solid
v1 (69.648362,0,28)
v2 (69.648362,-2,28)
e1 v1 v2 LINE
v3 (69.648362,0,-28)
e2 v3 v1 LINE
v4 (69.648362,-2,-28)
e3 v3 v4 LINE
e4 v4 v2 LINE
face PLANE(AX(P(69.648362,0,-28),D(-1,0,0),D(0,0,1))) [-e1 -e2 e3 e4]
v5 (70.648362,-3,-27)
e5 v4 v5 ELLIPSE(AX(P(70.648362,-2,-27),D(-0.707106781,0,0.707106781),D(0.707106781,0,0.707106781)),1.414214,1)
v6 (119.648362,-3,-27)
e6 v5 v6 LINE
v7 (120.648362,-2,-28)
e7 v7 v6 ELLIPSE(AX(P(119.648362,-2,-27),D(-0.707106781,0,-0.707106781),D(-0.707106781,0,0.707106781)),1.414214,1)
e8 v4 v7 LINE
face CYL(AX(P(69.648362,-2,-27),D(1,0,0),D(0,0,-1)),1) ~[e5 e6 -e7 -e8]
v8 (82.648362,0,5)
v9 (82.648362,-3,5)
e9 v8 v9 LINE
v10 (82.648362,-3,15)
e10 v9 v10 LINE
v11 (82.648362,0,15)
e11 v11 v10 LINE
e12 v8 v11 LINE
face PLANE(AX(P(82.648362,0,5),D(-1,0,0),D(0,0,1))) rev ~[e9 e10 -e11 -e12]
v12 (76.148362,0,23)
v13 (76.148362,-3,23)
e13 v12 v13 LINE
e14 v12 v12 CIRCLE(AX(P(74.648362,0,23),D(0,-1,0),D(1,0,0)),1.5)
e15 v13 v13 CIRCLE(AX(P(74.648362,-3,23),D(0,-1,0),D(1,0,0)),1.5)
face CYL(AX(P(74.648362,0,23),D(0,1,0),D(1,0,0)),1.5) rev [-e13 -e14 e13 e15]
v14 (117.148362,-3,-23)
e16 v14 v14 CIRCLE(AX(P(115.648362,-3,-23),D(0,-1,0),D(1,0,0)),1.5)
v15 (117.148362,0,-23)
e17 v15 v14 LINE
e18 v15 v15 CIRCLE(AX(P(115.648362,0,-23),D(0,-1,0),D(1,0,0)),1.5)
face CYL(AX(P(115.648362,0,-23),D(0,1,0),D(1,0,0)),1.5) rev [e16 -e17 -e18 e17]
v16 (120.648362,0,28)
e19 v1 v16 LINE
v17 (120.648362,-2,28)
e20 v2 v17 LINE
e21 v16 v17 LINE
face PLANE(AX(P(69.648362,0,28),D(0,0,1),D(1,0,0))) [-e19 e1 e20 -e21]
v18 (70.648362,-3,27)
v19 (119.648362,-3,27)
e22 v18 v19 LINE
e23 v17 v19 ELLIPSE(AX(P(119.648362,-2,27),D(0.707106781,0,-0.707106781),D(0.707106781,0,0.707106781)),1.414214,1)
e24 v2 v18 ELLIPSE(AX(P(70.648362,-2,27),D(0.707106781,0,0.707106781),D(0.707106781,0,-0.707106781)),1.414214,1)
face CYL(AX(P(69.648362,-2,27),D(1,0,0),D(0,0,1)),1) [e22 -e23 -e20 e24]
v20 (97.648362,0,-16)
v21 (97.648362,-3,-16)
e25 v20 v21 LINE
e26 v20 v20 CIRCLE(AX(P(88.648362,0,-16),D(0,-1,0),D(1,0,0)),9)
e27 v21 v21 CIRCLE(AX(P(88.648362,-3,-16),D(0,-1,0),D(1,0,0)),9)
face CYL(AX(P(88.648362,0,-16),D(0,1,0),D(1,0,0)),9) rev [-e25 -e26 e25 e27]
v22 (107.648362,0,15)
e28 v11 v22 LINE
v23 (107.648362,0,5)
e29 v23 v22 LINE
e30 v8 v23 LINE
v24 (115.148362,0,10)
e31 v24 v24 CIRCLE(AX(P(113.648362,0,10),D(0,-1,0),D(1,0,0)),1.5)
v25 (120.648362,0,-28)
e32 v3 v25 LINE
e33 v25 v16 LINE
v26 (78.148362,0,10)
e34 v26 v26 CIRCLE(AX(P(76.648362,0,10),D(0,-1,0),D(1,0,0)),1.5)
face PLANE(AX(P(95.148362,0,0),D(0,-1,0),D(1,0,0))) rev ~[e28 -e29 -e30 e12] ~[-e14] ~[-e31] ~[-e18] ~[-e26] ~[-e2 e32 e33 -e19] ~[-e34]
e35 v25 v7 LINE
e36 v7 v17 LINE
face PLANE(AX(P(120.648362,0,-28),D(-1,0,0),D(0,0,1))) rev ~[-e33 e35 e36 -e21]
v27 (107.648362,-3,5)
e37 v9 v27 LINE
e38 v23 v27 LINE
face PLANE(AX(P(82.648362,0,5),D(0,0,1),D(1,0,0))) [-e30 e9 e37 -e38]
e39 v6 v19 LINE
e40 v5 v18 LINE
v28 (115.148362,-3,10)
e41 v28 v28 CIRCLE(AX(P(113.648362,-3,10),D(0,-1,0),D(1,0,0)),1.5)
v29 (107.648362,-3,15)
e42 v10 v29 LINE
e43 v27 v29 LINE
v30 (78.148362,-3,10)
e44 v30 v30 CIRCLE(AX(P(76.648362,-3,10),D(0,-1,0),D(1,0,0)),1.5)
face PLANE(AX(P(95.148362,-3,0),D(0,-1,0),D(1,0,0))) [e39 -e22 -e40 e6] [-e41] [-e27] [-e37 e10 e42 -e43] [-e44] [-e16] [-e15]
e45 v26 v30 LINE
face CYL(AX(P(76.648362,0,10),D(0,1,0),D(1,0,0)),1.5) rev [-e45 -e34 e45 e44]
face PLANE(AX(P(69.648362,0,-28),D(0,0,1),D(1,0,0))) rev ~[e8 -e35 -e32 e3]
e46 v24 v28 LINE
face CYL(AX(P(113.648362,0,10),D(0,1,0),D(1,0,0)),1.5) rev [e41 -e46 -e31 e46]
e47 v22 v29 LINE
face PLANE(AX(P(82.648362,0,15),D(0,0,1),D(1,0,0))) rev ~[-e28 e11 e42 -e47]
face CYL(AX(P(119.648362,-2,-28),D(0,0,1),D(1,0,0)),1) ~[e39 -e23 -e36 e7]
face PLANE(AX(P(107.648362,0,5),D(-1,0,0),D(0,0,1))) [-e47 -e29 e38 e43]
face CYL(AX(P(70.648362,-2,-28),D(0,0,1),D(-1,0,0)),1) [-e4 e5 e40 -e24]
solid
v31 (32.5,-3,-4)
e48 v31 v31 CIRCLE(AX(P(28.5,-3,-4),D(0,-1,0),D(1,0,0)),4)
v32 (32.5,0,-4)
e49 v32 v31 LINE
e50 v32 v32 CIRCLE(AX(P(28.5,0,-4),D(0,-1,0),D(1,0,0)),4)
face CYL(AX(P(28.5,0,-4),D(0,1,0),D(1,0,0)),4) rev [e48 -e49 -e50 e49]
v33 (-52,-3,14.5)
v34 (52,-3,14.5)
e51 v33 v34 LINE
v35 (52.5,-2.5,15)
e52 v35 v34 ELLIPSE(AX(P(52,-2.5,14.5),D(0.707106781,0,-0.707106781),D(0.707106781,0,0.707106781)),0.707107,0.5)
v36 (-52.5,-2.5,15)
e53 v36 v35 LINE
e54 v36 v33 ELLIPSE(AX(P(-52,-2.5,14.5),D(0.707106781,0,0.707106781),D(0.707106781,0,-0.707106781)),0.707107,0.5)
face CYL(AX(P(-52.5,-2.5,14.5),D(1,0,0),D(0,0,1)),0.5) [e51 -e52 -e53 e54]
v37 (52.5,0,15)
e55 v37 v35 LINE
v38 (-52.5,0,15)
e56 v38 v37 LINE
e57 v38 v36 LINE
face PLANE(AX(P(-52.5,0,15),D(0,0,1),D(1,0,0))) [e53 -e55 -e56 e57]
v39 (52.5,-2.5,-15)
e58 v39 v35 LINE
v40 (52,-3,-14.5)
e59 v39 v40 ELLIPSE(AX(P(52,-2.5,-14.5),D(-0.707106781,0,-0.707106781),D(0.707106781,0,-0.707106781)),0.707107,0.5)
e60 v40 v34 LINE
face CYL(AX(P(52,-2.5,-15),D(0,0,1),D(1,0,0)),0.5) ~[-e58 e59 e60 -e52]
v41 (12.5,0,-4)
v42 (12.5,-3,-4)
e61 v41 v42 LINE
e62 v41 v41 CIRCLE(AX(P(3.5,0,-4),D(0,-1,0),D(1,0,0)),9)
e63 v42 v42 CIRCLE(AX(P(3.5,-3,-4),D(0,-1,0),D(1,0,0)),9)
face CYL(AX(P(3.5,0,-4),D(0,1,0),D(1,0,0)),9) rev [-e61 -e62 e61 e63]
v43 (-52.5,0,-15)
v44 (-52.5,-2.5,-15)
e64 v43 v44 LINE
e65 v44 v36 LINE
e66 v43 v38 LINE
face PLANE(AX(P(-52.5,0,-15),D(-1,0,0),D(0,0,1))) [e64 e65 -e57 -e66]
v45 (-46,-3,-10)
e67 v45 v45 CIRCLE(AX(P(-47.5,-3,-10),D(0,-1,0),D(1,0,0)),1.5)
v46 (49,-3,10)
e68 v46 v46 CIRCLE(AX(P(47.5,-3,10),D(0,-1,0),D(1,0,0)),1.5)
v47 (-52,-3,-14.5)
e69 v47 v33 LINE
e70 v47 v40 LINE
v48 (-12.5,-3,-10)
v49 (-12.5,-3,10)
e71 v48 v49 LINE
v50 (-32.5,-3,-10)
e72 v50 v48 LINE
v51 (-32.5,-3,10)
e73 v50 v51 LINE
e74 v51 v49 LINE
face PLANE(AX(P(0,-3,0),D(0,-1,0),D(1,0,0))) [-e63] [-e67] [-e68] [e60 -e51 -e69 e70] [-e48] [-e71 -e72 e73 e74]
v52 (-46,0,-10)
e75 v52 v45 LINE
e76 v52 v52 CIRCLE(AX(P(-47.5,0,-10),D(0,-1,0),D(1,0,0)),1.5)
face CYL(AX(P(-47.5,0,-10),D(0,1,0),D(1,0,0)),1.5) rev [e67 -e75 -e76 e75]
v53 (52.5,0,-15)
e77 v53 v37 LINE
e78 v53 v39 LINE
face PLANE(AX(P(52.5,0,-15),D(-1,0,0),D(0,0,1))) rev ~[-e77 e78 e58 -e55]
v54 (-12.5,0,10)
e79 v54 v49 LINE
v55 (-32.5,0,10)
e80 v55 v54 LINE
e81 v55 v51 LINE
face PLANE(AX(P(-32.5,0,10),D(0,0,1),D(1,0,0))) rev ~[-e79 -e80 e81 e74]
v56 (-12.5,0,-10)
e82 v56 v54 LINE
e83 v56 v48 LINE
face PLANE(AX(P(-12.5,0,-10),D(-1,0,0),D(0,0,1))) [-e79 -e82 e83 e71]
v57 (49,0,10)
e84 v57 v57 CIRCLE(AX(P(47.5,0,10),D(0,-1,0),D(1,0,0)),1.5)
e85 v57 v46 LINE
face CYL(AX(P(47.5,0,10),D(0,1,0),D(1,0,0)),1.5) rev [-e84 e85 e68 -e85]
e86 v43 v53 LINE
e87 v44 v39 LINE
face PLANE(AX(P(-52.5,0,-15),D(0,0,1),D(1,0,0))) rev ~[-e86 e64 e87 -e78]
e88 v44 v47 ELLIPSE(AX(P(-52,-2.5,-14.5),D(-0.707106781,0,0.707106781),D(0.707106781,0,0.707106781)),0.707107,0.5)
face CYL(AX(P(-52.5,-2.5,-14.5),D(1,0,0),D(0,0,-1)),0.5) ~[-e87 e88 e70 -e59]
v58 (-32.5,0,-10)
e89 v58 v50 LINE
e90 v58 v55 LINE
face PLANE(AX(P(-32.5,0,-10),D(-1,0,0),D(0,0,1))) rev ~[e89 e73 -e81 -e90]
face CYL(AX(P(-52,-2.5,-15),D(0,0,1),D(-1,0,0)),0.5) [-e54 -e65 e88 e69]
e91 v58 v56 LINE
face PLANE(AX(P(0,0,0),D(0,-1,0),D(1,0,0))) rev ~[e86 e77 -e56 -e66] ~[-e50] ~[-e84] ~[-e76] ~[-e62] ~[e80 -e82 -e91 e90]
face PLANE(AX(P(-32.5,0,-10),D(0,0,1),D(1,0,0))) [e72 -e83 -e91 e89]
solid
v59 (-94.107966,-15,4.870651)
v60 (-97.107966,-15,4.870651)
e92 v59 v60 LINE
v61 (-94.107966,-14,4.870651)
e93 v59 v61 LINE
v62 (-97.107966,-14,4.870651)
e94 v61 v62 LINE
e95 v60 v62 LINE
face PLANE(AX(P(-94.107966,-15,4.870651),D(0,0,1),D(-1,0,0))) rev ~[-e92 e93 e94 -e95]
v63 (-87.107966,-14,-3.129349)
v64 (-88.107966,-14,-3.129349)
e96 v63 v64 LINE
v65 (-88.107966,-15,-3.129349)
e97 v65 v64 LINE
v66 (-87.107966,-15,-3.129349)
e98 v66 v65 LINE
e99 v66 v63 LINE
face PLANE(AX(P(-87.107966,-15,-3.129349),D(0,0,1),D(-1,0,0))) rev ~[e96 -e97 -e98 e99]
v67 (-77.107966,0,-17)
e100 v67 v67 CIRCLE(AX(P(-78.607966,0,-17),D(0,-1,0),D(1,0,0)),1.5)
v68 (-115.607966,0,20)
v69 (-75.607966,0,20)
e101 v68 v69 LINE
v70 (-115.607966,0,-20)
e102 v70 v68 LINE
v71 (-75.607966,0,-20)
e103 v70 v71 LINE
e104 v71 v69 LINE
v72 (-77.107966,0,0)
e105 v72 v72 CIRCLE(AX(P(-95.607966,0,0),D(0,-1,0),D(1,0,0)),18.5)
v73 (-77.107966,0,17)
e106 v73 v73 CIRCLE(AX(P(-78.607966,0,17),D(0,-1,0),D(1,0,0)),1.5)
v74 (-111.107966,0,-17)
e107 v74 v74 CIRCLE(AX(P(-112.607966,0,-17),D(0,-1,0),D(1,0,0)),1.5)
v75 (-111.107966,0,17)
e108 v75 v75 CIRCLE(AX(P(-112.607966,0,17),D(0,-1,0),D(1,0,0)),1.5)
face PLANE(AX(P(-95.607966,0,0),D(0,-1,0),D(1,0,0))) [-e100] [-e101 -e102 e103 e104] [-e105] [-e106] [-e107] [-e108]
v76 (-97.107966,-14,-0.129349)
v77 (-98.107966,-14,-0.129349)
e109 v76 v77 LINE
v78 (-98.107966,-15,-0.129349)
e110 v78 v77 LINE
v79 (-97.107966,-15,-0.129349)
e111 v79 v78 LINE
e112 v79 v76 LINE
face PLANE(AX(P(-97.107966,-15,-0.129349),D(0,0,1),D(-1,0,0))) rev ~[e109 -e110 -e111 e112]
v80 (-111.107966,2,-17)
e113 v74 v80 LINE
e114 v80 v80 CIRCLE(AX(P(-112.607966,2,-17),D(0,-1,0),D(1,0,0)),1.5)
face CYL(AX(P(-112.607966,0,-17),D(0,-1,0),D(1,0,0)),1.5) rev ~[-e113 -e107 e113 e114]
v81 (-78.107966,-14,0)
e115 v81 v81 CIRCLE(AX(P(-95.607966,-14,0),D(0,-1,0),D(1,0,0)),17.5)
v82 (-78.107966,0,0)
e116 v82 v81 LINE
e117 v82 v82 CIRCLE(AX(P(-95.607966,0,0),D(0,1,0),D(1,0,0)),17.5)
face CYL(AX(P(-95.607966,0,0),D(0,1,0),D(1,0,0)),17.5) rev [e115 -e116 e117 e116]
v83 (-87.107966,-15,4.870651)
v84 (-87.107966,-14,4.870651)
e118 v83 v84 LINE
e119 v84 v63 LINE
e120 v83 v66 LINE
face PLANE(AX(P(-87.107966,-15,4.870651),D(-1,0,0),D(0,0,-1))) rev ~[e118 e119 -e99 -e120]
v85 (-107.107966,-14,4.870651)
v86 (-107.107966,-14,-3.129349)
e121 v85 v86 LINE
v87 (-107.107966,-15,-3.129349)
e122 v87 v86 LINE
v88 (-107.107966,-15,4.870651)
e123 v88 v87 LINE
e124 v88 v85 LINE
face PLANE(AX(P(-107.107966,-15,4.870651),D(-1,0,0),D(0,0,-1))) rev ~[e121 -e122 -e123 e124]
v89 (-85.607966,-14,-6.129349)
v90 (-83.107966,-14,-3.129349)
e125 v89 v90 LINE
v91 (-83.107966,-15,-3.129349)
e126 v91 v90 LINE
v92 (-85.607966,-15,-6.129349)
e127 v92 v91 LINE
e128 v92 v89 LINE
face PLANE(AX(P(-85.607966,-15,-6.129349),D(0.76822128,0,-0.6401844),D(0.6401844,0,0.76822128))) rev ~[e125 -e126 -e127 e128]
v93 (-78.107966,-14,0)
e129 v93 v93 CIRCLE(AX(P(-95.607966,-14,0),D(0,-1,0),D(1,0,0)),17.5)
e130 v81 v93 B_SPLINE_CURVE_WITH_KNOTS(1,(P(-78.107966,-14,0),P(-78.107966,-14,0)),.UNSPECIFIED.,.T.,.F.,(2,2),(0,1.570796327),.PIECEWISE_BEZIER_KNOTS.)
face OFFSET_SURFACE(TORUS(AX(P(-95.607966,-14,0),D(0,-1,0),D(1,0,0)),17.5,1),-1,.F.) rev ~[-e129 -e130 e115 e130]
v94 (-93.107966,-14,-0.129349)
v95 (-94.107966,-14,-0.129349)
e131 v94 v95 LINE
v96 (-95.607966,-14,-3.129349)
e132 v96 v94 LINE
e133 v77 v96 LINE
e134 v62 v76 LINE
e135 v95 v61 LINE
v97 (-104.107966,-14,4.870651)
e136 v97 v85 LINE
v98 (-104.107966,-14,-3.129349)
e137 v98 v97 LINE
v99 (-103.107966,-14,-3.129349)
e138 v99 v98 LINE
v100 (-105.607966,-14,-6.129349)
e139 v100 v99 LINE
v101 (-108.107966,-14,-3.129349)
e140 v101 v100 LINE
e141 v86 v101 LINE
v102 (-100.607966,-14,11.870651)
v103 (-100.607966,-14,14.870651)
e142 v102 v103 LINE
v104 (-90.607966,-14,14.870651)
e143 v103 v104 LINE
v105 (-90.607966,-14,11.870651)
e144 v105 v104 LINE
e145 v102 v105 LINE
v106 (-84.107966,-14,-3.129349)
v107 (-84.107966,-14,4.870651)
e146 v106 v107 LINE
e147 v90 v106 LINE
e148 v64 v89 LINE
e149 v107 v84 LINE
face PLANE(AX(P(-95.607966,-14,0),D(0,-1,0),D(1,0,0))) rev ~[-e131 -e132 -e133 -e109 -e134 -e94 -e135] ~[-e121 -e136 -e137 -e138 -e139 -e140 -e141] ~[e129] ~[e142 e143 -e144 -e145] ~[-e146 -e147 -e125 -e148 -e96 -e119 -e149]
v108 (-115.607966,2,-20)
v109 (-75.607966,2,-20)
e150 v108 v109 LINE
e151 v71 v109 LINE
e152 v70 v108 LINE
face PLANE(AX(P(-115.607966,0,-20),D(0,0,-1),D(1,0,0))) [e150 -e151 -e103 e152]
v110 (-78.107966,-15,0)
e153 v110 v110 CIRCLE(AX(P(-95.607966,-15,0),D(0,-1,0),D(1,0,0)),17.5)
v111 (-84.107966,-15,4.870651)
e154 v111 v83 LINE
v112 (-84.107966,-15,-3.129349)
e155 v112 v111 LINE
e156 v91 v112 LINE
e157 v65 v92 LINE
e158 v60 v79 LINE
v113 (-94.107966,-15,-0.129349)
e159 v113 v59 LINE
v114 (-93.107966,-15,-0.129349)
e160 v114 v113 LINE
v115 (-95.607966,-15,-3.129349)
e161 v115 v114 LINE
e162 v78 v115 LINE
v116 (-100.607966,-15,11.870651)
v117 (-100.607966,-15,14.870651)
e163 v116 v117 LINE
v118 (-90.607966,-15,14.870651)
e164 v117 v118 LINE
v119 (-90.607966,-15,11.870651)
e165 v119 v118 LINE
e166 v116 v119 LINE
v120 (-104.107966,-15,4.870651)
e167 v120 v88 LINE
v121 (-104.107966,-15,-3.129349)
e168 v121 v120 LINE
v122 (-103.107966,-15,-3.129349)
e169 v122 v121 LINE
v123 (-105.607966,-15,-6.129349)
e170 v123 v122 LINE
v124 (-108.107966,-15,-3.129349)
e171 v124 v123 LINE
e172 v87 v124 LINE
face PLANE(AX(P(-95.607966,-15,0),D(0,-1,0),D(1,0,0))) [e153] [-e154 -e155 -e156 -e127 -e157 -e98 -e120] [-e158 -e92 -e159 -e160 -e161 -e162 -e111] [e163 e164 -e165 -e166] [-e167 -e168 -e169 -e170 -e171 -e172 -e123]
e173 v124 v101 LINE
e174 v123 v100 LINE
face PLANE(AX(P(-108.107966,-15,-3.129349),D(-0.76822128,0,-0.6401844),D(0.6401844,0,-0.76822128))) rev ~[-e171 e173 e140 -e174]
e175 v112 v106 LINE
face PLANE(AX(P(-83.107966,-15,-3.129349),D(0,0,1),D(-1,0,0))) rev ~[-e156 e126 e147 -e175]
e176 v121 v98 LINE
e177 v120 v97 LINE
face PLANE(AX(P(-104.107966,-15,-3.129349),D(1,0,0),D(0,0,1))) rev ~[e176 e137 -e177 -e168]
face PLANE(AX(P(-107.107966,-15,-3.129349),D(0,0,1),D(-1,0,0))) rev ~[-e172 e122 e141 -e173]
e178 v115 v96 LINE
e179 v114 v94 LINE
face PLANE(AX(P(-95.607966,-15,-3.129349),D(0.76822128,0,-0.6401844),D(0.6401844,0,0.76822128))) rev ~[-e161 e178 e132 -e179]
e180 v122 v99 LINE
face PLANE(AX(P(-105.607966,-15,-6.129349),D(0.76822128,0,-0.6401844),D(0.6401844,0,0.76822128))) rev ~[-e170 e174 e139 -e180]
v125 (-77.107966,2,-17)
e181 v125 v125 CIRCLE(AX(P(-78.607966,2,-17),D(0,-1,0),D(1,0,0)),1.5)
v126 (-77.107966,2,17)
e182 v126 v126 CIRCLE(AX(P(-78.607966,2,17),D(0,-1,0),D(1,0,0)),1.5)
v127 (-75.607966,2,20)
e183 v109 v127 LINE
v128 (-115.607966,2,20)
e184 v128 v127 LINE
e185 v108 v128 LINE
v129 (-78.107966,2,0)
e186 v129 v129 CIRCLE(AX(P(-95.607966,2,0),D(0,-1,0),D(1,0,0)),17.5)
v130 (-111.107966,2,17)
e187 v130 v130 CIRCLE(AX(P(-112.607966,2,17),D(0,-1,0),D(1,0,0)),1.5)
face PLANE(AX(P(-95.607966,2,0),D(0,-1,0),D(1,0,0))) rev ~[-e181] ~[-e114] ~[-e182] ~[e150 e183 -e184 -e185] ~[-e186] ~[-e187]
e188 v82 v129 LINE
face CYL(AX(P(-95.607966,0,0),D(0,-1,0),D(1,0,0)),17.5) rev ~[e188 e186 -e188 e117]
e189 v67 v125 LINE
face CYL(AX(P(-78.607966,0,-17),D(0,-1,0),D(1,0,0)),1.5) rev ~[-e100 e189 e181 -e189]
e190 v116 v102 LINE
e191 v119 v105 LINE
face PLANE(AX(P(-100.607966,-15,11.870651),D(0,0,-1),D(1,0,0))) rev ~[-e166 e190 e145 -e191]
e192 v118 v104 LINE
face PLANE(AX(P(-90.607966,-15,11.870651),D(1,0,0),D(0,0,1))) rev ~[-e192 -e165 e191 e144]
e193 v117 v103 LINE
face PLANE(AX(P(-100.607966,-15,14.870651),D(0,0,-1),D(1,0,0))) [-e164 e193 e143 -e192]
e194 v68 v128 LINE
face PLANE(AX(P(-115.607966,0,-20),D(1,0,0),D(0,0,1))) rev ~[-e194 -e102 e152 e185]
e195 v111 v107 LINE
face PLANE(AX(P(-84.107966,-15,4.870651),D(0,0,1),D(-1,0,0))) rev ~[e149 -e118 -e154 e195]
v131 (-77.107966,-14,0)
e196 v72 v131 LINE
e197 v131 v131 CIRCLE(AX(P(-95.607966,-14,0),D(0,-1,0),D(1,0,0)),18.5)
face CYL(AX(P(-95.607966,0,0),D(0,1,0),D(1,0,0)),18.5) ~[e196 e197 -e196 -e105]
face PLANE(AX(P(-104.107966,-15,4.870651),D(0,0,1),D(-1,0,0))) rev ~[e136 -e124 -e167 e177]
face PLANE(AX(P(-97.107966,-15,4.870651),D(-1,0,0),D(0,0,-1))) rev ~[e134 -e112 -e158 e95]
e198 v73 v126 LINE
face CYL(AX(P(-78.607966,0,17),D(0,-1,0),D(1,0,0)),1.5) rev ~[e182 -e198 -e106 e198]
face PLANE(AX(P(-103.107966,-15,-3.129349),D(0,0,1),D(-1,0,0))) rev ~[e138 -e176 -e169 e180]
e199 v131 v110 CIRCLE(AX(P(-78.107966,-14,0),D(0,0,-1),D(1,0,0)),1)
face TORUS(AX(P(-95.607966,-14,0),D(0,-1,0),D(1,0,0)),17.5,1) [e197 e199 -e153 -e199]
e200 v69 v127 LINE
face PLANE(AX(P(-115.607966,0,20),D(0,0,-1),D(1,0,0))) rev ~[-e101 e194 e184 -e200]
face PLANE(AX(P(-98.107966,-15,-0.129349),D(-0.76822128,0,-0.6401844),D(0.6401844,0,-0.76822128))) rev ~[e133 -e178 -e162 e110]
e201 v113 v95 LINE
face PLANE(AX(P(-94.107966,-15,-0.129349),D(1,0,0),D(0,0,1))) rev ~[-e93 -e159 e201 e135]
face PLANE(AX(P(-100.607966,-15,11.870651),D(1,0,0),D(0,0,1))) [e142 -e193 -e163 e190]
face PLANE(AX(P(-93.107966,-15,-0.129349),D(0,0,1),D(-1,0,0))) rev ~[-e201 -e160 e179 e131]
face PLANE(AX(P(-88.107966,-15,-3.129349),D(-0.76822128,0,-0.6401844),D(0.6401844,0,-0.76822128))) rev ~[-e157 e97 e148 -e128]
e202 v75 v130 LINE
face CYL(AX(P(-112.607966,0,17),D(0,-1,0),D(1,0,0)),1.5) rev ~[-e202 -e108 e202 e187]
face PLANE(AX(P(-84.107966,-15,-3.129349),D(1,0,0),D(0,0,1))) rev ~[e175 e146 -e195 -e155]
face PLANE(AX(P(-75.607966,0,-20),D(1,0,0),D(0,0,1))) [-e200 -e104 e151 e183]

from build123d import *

# Parameters (mm, degrees)
F0_W      = 105
F0_H      = 30
F0_R      = 1.5
F0_R_2    = 9
F0_R_3    = 4
F0_W_2    = 20
F0_H_2    = 20
F1_DEPTH  = 3
F2_R      = 0.5
F3_W      = 51
F3_H      = 56
F3_R      = 9
F3_R_2    = 1.5
F3_W_2    = 25
F3_H_2    = 10
F4_DEPTH  = 3
F5_R      = 1
F6_R      = 18.5
F7_DEPTH  = 15
F8_R      = 1
F9_T      = -1
F10_W     = 10
F10_H     = 3
F11_DEPTH = 1
F12_W     = 40
F12_H     = 40
F12_R     = 1.5
F12_R_2   = 17.5
F13_DEPTH = 2


with BuildPart() as f1:
    # F0 (on Front) → F1 (new body)
    with BuildSketch(Plane.XZ):
        Rectangle(F0_W, F0_H)
        with Locations((-47.5, -10)):
            Circle(F0_R, mode=Mode.SUBTRACT)
        with Locations((3.5, -4)):
            Circle(F0_R_2, mode=Mode.SUBTRACT)
        with Locations((28.5, -4)):
            Circle(F0_R_3, mode=Mode.SUBTRACT)
        with Locations((-22.5, 0)):
            Rectangle(F0_W_2, F0_H_2, mode=Mode.SUBTRACT)
        with Locations((47.5, 10)):
            Circle(F0_R, mode=Mode.SUBTRACT)
    extrude(amount=F1_DEPTH)

    # F2
    f2_edges = [f1.edges().sort_by_distance(p)[0] for p in [
        (0, -3, 15),
        (-52.5, -3, 0),
        (0, -3, -15),
        (52.5, -3, 0),
    ]]
    fillet(f2_edges, radius=F2_R)


with BuildPart() as f4:
    # F3 (on Front) → F4 (new body)
    with BuildSketch(Plane.XZ):
        with Locations((95.1483622193, 0)):
            Rectangle(F3_W, F3_H)
        with Locations((88.6483622193, -16)):
            Circle(F3_R, mode=Mode.SUBTRACT)
        with Locations((115.6483622193, -23)):
            Circle(F3_R_2, mode=Mode.SUBTRACT)
        with Locations((76.6483622193, 10)):
            Circle(F3_R_2, mode=Mode.SUBTRACT)
        with Locations((74.6483622193, 23)):
            Circle(F3_R_2, mode=Mode.SUBTRACT)
        with Locations((95.1483622193, 10)):
            Rectangle(F3_W_2, F3_H_2, mode=Mode.SUBTRACT)
        with Locations((113.6483622193, 10)):
            Circle(F3_R_2, mode=Mode.SUBTRACT)
    extrude(amount=F4_DEPTH)

    # F5
    f5_edges = [f4.edges().sort_by_distance(p)[0] for p in [
        (95.148362, -3, 28),
        (69.648362, -3, 0),
        (120.648362, -3, 0),
        (95.148362, -3, -28),
    ]]
    fillet(f5_edges, radius=F5_R)


with BuildPart() as f7:
    # F6 (on Front) → F7 (new body)
    with BuildSketch(Plane.XZ):
        with Locations((-95.6079661846, 0)):
            Circle(F6_R)
    extrude(amount=F7_DEPTH)

    # F8
    f8_edges = [f7.edges().sort_by_distance(p)[0] for p in [
        (-114.107966, -15, 0),
    ]]
    fillet(f8_edges, radius=F8_R)

    # F9
    f9_openings = [f7.faces().sort_by_distance(p)[0] for p in [
        (-95.607966, 0, 0),
    ]]
    offset(amount=F9_T, openings=f9_openings, kind=Kind.INTERSECTION)

    # F10 (on face) → F11 (cut)
    with BuildSketch(Plane.XZ.offset(15)):
        with Locations((-95.6079661846, 13.3706506472)):
            Rectangle(F10_W, F10_H)
        Polygon((-104.1079661846, -3.1293493528), (-104.1079661846, 4.8706506472), (-107.1079661846, 4.8706506472), (-107.1079661846, -3.1293493528), (-108.1079661846, -3.1293493528), (-105.6079661846, -6.1293493528), (-103.1079661846, -3.1293493528), align=None)
        Polygon((-84.1079661846, -3.1293493528), (-84.1079661846, 4.8706506472), (-87.1079661846, 4.8706506472), (-87.1079661846, -3.1293493528), (-88.1079661846, -3.1293493528), (-85.6079661846, -6.1293493528), (-83.1079661846, -3.1293493528), align=None)
        Polygon((-94.1079661846, -0.1293493528), (-94.1079661846, 4.8706506472), (-97.1079661846, 4.8706506472), (-97.1079661846, -0.1293493528), (-98.1079661846, -0.1293493528), (-95.6079661846, -3.1293493528), (-93.1079661846, -0.1293493528), align=None)
    extrude(amount=-F11_DEPTH, mode=Mode.SUBTRACT)

    # F12 (on Front) → F13 (join)
    with BuildSketch(Plane.XZ):
        with Locations((-95.6079661846, 0)):
            Rectangle(F12_W, F12_H)
        with Locations((-112.6079661846, -17)):
            Circle(F12_R, mode=Mode.SUBTRACT)
        with Locations((-78.6079661846, -17)):
            Circle(F12_R, mode=Mode.SUBTRACT)
        with Locations((-112.6079661846, 17)):
            Circle(F12_R, mode=Mode.SUBTRACT)
        with Locations((-95.6079661846, 0)):
            Circle(F12_R_2, mode=Mode.SUBTRACT)
        with Locations((-78.6079661846, 17)):
            Circle(F12_R, mode=Mode.SUBTRACT)
    extrude(amount=-F13_DEPTH)


solid = Compound([f1.part, f4.part, f7.part])
